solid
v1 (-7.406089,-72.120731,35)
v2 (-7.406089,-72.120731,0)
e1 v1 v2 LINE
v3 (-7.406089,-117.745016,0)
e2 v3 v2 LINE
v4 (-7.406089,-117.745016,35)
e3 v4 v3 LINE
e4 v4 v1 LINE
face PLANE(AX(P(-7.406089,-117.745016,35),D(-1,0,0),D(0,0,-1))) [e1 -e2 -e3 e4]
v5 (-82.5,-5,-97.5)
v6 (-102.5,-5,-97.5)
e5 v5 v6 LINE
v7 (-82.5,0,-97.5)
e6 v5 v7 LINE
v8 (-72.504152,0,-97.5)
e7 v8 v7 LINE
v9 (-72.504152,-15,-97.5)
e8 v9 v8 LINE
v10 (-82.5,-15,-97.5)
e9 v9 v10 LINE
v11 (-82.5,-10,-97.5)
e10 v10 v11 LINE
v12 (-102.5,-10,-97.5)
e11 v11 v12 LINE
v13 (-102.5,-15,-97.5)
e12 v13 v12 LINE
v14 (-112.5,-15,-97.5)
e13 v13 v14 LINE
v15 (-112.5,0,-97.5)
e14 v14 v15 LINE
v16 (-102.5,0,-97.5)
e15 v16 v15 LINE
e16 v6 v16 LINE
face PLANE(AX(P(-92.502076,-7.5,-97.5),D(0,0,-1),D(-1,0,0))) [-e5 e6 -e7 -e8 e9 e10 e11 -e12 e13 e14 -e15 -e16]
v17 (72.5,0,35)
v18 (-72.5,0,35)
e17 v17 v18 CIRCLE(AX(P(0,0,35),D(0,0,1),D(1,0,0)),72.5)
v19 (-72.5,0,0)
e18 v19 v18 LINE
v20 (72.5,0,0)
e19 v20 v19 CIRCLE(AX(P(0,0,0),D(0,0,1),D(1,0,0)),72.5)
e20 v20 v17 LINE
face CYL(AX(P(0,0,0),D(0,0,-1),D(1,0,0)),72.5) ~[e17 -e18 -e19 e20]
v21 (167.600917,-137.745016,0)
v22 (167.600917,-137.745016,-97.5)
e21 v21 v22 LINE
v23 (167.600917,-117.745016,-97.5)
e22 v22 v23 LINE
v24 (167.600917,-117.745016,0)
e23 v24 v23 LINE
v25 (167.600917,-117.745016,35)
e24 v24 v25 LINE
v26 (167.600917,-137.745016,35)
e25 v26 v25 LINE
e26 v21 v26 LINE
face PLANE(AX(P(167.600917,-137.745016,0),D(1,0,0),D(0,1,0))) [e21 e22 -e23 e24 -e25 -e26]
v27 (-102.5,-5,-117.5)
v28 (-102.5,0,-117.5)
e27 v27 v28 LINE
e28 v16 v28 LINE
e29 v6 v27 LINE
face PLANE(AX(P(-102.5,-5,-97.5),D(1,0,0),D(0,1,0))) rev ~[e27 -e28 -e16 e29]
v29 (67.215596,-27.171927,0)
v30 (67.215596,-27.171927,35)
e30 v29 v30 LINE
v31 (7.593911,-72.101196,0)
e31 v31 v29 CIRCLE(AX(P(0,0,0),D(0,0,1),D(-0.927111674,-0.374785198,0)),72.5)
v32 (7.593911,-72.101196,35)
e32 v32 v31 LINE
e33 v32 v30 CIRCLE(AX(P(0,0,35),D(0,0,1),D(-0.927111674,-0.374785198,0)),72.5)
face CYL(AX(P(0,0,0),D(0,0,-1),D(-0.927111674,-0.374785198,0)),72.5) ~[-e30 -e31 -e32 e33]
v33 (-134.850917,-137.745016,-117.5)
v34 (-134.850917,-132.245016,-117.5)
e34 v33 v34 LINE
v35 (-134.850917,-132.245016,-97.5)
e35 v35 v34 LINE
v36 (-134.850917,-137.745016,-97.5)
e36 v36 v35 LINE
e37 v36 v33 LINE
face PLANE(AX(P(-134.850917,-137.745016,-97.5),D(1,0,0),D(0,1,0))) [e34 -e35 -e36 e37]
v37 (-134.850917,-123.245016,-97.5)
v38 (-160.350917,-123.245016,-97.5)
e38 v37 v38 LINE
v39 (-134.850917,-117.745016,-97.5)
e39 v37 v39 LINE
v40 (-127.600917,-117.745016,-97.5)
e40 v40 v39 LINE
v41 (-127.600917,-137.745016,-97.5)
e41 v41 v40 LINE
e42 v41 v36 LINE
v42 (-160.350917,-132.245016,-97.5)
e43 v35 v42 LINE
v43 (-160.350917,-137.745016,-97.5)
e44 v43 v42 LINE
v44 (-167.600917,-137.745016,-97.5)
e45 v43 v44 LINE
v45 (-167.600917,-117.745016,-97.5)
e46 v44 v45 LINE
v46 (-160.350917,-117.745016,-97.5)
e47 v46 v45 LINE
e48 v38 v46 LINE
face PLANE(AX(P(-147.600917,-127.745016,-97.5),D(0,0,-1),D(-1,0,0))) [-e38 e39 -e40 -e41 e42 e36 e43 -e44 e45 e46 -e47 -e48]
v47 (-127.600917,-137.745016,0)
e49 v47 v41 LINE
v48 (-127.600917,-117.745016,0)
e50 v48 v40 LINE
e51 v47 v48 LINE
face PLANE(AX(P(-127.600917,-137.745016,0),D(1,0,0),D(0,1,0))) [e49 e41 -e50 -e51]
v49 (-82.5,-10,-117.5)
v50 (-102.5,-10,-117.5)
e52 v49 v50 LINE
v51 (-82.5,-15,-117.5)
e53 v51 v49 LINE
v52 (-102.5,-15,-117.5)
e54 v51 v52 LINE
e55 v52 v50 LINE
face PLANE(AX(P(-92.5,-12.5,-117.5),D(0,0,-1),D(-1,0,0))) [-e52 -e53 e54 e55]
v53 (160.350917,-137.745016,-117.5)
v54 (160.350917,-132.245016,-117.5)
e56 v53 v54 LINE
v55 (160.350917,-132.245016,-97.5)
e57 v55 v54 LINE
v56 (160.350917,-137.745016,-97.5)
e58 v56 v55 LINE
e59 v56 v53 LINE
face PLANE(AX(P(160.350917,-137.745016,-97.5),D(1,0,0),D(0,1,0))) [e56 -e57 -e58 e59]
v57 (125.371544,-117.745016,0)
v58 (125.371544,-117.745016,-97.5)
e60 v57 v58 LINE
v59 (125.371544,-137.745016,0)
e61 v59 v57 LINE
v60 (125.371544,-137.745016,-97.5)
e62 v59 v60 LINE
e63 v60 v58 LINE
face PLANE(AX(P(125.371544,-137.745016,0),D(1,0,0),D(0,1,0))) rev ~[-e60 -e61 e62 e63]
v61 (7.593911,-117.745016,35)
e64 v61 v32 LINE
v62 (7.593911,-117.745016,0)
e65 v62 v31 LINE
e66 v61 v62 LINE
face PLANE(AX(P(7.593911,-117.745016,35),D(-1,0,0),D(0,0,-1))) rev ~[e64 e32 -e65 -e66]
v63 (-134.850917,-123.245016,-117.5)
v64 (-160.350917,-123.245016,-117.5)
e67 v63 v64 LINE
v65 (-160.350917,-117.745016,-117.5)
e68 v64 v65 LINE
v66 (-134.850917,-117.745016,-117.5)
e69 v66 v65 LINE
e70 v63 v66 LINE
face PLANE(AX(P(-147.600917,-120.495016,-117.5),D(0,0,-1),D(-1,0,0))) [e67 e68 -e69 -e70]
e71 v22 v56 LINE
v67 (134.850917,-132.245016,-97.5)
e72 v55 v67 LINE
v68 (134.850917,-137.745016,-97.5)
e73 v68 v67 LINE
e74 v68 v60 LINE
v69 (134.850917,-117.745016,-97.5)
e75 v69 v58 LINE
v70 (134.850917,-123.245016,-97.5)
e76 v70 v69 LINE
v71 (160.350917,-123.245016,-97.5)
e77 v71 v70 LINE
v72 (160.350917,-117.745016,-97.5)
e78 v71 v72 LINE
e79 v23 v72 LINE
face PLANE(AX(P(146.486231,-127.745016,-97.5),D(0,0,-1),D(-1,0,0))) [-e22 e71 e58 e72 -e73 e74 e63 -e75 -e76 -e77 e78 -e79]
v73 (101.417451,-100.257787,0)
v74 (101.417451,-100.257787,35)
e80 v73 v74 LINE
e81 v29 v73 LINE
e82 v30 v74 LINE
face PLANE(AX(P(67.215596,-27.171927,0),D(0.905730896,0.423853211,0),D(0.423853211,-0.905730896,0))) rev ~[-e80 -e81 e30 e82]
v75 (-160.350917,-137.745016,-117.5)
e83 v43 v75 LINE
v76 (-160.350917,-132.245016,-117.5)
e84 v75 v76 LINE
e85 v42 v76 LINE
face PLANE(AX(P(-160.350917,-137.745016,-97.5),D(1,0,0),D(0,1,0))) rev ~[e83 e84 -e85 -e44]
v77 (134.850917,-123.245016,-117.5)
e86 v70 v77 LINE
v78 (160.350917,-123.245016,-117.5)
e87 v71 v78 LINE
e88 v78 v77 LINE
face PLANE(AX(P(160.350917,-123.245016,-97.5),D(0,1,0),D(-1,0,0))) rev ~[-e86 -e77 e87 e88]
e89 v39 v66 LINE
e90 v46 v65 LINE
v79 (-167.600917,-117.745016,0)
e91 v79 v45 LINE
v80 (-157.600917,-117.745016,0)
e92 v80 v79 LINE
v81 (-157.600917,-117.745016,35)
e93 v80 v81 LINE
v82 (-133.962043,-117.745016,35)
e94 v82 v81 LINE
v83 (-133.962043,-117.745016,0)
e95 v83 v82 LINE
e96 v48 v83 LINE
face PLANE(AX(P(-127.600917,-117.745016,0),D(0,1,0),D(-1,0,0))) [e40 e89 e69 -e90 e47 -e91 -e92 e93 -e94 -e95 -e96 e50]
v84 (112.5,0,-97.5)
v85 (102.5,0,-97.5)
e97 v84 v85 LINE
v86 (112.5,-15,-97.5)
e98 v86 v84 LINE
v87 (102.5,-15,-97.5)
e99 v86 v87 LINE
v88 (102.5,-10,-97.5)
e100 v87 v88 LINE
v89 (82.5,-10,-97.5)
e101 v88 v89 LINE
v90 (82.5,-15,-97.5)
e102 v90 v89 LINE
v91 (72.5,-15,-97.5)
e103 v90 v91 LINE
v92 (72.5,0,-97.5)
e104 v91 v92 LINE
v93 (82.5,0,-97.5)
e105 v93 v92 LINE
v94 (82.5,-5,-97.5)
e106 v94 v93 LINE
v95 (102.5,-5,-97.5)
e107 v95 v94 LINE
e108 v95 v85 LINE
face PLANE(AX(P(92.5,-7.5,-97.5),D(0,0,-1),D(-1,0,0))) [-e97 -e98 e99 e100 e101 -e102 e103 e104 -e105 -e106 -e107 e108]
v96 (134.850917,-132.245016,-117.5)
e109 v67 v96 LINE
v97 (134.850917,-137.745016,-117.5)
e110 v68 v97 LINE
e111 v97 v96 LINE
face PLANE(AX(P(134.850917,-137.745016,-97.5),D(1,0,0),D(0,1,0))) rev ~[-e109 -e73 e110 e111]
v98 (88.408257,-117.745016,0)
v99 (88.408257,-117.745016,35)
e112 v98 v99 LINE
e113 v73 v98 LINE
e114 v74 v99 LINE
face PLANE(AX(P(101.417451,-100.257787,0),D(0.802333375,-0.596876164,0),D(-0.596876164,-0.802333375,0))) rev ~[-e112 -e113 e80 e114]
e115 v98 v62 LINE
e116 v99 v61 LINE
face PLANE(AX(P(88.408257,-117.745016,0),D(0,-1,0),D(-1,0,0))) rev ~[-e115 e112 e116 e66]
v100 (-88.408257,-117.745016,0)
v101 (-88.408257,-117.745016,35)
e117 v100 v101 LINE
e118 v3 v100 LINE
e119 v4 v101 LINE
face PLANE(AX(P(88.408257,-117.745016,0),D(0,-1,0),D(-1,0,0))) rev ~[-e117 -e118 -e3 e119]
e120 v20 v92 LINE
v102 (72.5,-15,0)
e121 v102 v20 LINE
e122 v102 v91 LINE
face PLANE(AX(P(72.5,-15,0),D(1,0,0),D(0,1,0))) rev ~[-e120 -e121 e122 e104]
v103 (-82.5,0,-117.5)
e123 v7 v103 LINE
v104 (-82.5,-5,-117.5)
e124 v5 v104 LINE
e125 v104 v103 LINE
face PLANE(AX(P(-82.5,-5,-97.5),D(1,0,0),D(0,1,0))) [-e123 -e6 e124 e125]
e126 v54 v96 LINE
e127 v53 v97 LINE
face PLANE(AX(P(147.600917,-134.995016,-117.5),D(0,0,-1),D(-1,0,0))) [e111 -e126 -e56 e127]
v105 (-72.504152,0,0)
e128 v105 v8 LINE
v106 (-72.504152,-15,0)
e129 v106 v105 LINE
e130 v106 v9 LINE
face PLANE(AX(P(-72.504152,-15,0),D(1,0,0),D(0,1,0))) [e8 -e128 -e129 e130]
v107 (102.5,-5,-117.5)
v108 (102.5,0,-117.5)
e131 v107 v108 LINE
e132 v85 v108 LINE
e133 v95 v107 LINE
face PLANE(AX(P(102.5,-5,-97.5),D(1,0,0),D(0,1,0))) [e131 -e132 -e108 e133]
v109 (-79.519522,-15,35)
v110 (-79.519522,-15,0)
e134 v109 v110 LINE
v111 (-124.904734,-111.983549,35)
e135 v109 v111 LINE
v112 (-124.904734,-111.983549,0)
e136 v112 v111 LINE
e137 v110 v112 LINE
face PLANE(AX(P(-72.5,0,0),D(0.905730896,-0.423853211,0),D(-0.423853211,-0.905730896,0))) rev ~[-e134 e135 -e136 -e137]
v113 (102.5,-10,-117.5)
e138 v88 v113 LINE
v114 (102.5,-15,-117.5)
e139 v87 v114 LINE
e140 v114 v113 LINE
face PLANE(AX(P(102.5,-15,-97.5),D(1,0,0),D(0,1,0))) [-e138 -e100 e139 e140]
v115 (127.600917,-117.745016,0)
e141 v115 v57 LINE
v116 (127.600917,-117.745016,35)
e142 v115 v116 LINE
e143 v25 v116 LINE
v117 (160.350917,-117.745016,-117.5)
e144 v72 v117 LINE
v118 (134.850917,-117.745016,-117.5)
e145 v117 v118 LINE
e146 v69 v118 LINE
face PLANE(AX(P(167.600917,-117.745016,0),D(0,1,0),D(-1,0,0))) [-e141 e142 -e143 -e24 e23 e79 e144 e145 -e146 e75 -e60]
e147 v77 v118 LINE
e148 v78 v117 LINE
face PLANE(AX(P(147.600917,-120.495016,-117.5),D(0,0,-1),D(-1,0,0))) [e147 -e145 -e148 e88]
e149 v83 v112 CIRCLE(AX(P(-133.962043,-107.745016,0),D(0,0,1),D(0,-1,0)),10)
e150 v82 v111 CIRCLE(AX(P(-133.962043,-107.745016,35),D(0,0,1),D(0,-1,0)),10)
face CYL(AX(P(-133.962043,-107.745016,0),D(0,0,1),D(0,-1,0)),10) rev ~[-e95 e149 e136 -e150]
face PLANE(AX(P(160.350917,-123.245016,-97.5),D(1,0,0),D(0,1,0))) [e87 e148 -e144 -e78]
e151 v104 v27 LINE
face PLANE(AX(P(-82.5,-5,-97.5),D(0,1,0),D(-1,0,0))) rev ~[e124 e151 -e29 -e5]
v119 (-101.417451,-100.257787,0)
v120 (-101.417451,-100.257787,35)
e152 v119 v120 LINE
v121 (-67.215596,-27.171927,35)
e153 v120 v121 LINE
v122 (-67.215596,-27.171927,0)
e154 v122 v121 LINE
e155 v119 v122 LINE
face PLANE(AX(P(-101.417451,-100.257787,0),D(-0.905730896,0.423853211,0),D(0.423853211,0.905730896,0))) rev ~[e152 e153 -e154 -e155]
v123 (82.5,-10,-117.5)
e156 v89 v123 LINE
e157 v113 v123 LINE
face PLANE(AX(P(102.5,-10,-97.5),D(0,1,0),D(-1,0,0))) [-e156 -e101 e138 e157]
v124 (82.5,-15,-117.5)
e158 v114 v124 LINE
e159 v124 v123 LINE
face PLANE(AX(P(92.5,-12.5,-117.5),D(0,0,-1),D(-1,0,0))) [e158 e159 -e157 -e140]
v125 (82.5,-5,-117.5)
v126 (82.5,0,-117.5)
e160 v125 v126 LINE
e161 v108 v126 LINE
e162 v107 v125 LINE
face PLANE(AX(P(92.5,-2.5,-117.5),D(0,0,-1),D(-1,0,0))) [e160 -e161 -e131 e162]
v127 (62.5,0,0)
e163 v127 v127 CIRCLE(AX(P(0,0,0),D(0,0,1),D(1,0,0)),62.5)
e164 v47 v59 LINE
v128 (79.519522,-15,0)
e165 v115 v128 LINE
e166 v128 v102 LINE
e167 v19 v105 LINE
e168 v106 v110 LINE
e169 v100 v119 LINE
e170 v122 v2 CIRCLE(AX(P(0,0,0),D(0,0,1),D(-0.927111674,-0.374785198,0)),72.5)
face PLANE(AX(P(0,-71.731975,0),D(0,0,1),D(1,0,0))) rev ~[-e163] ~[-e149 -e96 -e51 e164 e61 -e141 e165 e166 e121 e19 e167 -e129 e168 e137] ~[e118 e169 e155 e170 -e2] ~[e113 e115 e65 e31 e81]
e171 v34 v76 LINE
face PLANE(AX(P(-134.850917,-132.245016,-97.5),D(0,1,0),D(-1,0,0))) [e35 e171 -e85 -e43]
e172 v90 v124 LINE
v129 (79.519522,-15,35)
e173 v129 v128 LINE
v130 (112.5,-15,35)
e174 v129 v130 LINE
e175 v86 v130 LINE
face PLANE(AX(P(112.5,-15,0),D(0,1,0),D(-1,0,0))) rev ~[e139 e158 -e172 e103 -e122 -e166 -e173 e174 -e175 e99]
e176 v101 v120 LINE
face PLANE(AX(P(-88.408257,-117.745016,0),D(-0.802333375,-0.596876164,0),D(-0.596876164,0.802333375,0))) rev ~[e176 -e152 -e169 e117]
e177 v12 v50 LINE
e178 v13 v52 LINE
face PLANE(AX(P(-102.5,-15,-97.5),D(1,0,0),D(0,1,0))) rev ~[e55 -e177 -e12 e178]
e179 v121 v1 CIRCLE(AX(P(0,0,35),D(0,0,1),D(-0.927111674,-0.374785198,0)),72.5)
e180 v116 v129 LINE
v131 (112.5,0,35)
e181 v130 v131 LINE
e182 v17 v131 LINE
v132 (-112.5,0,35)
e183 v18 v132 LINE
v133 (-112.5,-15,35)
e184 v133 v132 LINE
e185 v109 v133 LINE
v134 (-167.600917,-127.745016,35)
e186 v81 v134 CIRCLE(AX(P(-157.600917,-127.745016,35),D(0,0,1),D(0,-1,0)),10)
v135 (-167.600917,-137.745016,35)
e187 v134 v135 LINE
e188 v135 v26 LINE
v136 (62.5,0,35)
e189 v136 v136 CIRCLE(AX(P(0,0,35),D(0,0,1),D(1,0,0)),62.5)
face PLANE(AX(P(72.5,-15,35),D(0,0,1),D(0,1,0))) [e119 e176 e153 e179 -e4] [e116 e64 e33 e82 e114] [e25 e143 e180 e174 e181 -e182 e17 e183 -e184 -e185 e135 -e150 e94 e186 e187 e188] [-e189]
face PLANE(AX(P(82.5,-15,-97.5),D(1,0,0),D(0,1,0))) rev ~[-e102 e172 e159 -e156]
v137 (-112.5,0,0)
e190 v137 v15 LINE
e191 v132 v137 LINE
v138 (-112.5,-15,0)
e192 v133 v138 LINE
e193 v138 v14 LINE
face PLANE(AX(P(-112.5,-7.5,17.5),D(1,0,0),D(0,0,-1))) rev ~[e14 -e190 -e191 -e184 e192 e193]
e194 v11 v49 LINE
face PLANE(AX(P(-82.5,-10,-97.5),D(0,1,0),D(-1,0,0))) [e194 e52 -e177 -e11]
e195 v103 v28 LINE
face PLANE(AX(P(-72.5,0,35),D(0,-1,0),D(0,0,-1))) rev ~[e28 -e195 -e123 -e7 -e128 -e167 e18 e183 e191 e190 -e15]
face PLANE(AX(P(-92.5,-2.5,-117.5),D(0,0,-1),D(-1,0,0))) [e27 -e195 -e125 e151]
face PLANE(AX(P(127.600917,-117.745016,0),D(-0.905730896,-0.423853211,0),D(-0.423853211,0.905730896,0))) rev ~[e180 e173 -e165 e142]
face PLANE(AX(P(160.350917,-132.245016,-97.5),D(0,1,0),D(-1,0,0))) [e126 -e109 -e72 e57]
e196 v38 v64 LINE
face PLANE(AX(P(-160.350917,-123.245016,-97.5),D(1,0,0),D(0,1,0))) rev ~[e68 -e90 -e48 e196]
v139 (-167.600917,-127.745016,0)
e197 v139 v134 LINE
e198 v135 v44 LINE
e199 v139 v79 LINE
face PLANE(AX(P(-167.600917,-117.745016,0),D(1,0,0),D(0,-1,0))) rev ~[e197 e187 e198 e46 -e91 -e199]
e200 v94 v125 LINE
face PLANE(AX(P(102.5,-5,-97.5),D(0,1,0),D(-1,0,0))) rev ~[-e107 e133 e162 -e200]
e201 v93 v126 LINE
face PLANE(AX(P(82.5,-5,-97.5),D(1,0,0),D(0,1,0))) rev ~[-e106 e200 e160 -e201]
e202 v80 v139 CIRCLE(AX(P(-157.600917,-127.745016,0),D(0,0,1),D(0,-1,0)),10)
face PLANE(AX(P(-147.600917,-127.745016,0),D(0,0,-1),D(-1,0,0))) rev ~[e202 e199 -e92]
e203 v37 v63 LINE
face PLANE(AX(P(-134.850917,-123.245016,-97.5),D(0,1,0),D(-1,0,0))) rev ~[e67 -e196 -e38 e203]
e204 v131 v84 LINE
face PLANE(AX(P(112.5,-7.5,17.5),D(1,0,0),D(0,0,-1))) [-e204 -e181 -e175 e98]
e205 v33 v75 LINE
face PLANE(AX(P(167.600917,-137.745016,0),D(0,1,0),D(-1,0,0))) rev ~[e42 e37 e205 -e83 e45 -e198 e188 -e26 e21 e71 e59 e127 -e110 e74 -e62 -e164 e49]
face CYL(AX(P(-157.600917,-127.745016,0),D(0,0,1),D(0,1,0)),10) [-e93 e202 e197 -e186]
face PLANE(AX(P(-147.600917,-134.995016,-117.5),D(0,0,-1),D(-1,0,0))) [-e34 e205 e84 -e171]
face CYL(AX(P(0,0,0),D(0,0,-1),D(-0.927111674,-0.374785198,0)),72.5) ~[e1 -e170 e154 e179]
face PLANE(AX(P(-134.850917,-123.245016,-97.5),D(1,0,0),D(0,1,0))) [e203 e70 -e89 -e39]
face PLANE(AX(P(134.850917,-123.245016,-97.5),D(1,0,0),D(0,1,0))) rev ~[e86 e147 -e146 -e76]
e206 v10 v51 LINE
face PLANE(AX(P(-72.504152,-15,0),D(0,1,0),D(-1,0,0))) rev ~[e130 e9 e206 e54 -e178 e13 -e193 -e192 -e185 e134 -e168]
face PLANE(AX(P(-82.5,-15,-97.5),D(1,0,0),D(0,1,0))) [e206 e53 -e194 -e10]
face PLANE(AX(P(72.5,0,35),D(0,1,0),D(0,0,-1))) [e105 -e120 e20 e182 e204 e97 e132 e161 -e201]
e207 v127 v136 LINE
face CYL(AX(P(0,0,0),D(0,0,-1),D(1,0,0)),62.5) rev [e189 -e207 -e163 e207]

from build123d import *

# Parameters (mm, degrees)
SKETCH1_R            = 62.5
BOSS_EXTRUDE8_DEPTH  = 35
BOSS_EXTRUDE9_REACH  = 192.245
SKETCH2_W            = 15
SKETCH2_H            = 35
FILLET4_R            = 10
FILLET5_R            = 10
SKETCH10_W           = 35
SKETCH10_H           = 15
BOSS_EXTRUDE12_DEPTH = 40
SKETCH6_W            = 35
SKETCH6_H            = 15
BOSS_EXTRUDE10_DEPTH = 40
SKETCH12_W           = 42.229373335
SKETCH12_H           = 20
SKETCH12_W_2         = 40
SKETCH12_H_2         = 15
SKETCH12_W_3         = 39.995847529
BOSS_EXTRUDE13_DEPTH = 97.5
SKETCH13_W           = 20
SKETCH13_H           = 5
SKETCH13_W_2         = 25.5
SKETCH13_H_2         = 5.5
BOSS_EXTRUDE14_DEPTH = 20


with BuildPart() as part:
    # Sketch1 → Boss-Extrude8 (new body)
    with BuildSketch(Plane.XY):
        with BuildLine():
            Line((127.600917431, -117.745016448), (72.5, 0))
            ThreePointArc((72.5, 0), (0, 72.5), (-72.5, 0))
            Line((-72.5, 0), (-127.600917431, -117.745016448))
            Line((-127.600917431, -117.745016448), (-167.600917431, -117.745016448))
            Line((-167.600917431, -117.745016448), (-167.600917431, -137.745016448))
            Line((-167.600917431, -137.745016448), (167.600917431, -137.745016448))
            Line((167.600917431, -137.745016448), (167.600917431, -117.745016448))
            Line((167.600917431, -117.745016448), (127.600917431, -117.745016448))
        make_face()
        with BuildLine():
            ThreePointArc((-67.21559633, -27.171926873), (0, -72.5), (67.21559633, -27.171926873))
            Line((67.21559633, -27.171926873), (101.417450928, -100.25778678))
            Line((101.417450928, -100.25778678), (88.408256881, -117.745016448))
            Line((88.408256881, -117.745016448), (-88.408256881, -117.745016448))
            Line((-88.408256881, -117.745016448), (-101.417450928, -100.25778678))
            Line((-101.417450928, -100.25778678), (-67.21559633, -27.171926873))
        make_face(mode=Mode.SUBTRACT)
        Circle(SKETCH1_R, mode=Mode.SUBTRACT)
    extrude(amount=BOSS_EXTRUDE8_DEPTH)

    # Sketch2 → Boss-Extrude9 (add, up to next)
    with BuildSketch(Plane(origin=(0, -117.745016448, 0), x_dir=(1, 0, 0), z_dir=(0, 1, 0)), mode=Mode.PRIVATE) as boss_extrude9_sk1:
        with Locations((0.093911399, -17.5)):
            Rectangle(SKETCH2_W, SKETCH2_H)
    boss_extrude9_tool1 = extrude(boss_extrude9_sk1.sketch, amount=BOSS_EXTRUDE9_REACH, mode=Mode.PRIVATE) - part.part
    add(boss_extrude9_tool1.solids().sort_by_distance((0.093911, -117.745016, 17.5))[0])

    # Fillet4
    fillet4_edges = [part.edges().sort_by_distance(p)[0] for p in [
        (-167.600917431, -117.745016448, 17.5),
    ]]
    fillet(fillet4_edges, radius=FILLET4_R)

    # Fillet5
    fillet5_edges = [part.edges().sort_by_distance(p)[0] for p in [
        (-127.600917431, -117.745016448, 17.5),
    ]]
    fillet(fillet5_edges, radius=FILLET5_R)

    # Sketch10 → Boss-Extrude12 (add)
    with BuildSketch(Plane(origin=(-72.5, 0, 0), x_dir=(0, 0, -1), z_dir=(1, 0, 0))):
        with Locations((-17.5, -7.5)):
            Rectangle(SKETCH10_W, SKETCH10_H)
    extrude(amount=-BOSS_EXTRUDE12_DEPTH)

    # Sketch6 → Boss-Extrude10 (add)
    with BuildSketch(Plane(origin=(72.5, 0, 0), x_dir=(0, 0, -1), z_dir=(1, 0, 0))):
        with Locations((-17.5, -7.5)):
            Rectangle(SKETCH6_W, SKETCH6_H)
    extrude(amount=BOSS_EXTRUDE10_DEPTH)

    # Sketch12 → Boss-Extrude13 (add)
    with BuildSketch(Plane(origin=(0, 0, 0), x_dir=(-1, 0, 0), z_dir=(0, 0, -1))):
        with Locations((-146.486230764, -127.745016448)):
            Rectangle(SKETCH12_W, SKETCH12_H)
        with Locations((147.600917431, -127.745016448)):
            Rectangle(SKETCH12_W_2, SKETCH12_H)
        with Locations((-92.5, -7.5)):
            Rectangle(SKETCH12_W_2, SKETCH12_H_2)
        with Locations((92.502076235, -7.5)):
            Rectangle(SKETCH12_W_3, SKETCH12_H_2)
    extrude(amount=BOSS_EXTRUDE13_DEPTH)

    # Sketch13 → Boss-Extrude14 (add)
    with BuildSketch(Plane(origin=(0, 0, -97.5), x_dir=(-1, 0, 0), z_dir=(0, 0, -1))):
        with Locations((-92.5, -2.5)):
            Rectangle(SKETCH13_W, SKETCH13_H)
        with Locations((-92.5, -12.5)):
            Rectangle(SKETCH13_W, SKETCH13_H)
        with Locations((92.5, -2.5)):
            Rectangle(SKETCH13_W, SKETCH13_H)
        with Locations((92.5, -12.5)):
            Rectangle(SKETCH13_W, SKETCH13_H)
        with Locations((147.600917431, -120.495016448)):
            Rectangle(SKETCH13_W_2, SKETCH13_H_2)
        with Locations((147.600917431, -134.995016448)):
            Rectangle(SKETCH13_W_2, SKETCH13_H_2)
        with Locations((-147.600917431, -120.495016448)):
            Rectangle(SKETCH13_W_2, SKETCH13_H_2)
        with Locations((-147.600917431, -134.995016448)):
            Rectangle(SKETCH13_W_2, SKETCH13_H_2)
    extrude(amount=BOSS_EXTRUDE14_DEPTH)


solid = part.part
